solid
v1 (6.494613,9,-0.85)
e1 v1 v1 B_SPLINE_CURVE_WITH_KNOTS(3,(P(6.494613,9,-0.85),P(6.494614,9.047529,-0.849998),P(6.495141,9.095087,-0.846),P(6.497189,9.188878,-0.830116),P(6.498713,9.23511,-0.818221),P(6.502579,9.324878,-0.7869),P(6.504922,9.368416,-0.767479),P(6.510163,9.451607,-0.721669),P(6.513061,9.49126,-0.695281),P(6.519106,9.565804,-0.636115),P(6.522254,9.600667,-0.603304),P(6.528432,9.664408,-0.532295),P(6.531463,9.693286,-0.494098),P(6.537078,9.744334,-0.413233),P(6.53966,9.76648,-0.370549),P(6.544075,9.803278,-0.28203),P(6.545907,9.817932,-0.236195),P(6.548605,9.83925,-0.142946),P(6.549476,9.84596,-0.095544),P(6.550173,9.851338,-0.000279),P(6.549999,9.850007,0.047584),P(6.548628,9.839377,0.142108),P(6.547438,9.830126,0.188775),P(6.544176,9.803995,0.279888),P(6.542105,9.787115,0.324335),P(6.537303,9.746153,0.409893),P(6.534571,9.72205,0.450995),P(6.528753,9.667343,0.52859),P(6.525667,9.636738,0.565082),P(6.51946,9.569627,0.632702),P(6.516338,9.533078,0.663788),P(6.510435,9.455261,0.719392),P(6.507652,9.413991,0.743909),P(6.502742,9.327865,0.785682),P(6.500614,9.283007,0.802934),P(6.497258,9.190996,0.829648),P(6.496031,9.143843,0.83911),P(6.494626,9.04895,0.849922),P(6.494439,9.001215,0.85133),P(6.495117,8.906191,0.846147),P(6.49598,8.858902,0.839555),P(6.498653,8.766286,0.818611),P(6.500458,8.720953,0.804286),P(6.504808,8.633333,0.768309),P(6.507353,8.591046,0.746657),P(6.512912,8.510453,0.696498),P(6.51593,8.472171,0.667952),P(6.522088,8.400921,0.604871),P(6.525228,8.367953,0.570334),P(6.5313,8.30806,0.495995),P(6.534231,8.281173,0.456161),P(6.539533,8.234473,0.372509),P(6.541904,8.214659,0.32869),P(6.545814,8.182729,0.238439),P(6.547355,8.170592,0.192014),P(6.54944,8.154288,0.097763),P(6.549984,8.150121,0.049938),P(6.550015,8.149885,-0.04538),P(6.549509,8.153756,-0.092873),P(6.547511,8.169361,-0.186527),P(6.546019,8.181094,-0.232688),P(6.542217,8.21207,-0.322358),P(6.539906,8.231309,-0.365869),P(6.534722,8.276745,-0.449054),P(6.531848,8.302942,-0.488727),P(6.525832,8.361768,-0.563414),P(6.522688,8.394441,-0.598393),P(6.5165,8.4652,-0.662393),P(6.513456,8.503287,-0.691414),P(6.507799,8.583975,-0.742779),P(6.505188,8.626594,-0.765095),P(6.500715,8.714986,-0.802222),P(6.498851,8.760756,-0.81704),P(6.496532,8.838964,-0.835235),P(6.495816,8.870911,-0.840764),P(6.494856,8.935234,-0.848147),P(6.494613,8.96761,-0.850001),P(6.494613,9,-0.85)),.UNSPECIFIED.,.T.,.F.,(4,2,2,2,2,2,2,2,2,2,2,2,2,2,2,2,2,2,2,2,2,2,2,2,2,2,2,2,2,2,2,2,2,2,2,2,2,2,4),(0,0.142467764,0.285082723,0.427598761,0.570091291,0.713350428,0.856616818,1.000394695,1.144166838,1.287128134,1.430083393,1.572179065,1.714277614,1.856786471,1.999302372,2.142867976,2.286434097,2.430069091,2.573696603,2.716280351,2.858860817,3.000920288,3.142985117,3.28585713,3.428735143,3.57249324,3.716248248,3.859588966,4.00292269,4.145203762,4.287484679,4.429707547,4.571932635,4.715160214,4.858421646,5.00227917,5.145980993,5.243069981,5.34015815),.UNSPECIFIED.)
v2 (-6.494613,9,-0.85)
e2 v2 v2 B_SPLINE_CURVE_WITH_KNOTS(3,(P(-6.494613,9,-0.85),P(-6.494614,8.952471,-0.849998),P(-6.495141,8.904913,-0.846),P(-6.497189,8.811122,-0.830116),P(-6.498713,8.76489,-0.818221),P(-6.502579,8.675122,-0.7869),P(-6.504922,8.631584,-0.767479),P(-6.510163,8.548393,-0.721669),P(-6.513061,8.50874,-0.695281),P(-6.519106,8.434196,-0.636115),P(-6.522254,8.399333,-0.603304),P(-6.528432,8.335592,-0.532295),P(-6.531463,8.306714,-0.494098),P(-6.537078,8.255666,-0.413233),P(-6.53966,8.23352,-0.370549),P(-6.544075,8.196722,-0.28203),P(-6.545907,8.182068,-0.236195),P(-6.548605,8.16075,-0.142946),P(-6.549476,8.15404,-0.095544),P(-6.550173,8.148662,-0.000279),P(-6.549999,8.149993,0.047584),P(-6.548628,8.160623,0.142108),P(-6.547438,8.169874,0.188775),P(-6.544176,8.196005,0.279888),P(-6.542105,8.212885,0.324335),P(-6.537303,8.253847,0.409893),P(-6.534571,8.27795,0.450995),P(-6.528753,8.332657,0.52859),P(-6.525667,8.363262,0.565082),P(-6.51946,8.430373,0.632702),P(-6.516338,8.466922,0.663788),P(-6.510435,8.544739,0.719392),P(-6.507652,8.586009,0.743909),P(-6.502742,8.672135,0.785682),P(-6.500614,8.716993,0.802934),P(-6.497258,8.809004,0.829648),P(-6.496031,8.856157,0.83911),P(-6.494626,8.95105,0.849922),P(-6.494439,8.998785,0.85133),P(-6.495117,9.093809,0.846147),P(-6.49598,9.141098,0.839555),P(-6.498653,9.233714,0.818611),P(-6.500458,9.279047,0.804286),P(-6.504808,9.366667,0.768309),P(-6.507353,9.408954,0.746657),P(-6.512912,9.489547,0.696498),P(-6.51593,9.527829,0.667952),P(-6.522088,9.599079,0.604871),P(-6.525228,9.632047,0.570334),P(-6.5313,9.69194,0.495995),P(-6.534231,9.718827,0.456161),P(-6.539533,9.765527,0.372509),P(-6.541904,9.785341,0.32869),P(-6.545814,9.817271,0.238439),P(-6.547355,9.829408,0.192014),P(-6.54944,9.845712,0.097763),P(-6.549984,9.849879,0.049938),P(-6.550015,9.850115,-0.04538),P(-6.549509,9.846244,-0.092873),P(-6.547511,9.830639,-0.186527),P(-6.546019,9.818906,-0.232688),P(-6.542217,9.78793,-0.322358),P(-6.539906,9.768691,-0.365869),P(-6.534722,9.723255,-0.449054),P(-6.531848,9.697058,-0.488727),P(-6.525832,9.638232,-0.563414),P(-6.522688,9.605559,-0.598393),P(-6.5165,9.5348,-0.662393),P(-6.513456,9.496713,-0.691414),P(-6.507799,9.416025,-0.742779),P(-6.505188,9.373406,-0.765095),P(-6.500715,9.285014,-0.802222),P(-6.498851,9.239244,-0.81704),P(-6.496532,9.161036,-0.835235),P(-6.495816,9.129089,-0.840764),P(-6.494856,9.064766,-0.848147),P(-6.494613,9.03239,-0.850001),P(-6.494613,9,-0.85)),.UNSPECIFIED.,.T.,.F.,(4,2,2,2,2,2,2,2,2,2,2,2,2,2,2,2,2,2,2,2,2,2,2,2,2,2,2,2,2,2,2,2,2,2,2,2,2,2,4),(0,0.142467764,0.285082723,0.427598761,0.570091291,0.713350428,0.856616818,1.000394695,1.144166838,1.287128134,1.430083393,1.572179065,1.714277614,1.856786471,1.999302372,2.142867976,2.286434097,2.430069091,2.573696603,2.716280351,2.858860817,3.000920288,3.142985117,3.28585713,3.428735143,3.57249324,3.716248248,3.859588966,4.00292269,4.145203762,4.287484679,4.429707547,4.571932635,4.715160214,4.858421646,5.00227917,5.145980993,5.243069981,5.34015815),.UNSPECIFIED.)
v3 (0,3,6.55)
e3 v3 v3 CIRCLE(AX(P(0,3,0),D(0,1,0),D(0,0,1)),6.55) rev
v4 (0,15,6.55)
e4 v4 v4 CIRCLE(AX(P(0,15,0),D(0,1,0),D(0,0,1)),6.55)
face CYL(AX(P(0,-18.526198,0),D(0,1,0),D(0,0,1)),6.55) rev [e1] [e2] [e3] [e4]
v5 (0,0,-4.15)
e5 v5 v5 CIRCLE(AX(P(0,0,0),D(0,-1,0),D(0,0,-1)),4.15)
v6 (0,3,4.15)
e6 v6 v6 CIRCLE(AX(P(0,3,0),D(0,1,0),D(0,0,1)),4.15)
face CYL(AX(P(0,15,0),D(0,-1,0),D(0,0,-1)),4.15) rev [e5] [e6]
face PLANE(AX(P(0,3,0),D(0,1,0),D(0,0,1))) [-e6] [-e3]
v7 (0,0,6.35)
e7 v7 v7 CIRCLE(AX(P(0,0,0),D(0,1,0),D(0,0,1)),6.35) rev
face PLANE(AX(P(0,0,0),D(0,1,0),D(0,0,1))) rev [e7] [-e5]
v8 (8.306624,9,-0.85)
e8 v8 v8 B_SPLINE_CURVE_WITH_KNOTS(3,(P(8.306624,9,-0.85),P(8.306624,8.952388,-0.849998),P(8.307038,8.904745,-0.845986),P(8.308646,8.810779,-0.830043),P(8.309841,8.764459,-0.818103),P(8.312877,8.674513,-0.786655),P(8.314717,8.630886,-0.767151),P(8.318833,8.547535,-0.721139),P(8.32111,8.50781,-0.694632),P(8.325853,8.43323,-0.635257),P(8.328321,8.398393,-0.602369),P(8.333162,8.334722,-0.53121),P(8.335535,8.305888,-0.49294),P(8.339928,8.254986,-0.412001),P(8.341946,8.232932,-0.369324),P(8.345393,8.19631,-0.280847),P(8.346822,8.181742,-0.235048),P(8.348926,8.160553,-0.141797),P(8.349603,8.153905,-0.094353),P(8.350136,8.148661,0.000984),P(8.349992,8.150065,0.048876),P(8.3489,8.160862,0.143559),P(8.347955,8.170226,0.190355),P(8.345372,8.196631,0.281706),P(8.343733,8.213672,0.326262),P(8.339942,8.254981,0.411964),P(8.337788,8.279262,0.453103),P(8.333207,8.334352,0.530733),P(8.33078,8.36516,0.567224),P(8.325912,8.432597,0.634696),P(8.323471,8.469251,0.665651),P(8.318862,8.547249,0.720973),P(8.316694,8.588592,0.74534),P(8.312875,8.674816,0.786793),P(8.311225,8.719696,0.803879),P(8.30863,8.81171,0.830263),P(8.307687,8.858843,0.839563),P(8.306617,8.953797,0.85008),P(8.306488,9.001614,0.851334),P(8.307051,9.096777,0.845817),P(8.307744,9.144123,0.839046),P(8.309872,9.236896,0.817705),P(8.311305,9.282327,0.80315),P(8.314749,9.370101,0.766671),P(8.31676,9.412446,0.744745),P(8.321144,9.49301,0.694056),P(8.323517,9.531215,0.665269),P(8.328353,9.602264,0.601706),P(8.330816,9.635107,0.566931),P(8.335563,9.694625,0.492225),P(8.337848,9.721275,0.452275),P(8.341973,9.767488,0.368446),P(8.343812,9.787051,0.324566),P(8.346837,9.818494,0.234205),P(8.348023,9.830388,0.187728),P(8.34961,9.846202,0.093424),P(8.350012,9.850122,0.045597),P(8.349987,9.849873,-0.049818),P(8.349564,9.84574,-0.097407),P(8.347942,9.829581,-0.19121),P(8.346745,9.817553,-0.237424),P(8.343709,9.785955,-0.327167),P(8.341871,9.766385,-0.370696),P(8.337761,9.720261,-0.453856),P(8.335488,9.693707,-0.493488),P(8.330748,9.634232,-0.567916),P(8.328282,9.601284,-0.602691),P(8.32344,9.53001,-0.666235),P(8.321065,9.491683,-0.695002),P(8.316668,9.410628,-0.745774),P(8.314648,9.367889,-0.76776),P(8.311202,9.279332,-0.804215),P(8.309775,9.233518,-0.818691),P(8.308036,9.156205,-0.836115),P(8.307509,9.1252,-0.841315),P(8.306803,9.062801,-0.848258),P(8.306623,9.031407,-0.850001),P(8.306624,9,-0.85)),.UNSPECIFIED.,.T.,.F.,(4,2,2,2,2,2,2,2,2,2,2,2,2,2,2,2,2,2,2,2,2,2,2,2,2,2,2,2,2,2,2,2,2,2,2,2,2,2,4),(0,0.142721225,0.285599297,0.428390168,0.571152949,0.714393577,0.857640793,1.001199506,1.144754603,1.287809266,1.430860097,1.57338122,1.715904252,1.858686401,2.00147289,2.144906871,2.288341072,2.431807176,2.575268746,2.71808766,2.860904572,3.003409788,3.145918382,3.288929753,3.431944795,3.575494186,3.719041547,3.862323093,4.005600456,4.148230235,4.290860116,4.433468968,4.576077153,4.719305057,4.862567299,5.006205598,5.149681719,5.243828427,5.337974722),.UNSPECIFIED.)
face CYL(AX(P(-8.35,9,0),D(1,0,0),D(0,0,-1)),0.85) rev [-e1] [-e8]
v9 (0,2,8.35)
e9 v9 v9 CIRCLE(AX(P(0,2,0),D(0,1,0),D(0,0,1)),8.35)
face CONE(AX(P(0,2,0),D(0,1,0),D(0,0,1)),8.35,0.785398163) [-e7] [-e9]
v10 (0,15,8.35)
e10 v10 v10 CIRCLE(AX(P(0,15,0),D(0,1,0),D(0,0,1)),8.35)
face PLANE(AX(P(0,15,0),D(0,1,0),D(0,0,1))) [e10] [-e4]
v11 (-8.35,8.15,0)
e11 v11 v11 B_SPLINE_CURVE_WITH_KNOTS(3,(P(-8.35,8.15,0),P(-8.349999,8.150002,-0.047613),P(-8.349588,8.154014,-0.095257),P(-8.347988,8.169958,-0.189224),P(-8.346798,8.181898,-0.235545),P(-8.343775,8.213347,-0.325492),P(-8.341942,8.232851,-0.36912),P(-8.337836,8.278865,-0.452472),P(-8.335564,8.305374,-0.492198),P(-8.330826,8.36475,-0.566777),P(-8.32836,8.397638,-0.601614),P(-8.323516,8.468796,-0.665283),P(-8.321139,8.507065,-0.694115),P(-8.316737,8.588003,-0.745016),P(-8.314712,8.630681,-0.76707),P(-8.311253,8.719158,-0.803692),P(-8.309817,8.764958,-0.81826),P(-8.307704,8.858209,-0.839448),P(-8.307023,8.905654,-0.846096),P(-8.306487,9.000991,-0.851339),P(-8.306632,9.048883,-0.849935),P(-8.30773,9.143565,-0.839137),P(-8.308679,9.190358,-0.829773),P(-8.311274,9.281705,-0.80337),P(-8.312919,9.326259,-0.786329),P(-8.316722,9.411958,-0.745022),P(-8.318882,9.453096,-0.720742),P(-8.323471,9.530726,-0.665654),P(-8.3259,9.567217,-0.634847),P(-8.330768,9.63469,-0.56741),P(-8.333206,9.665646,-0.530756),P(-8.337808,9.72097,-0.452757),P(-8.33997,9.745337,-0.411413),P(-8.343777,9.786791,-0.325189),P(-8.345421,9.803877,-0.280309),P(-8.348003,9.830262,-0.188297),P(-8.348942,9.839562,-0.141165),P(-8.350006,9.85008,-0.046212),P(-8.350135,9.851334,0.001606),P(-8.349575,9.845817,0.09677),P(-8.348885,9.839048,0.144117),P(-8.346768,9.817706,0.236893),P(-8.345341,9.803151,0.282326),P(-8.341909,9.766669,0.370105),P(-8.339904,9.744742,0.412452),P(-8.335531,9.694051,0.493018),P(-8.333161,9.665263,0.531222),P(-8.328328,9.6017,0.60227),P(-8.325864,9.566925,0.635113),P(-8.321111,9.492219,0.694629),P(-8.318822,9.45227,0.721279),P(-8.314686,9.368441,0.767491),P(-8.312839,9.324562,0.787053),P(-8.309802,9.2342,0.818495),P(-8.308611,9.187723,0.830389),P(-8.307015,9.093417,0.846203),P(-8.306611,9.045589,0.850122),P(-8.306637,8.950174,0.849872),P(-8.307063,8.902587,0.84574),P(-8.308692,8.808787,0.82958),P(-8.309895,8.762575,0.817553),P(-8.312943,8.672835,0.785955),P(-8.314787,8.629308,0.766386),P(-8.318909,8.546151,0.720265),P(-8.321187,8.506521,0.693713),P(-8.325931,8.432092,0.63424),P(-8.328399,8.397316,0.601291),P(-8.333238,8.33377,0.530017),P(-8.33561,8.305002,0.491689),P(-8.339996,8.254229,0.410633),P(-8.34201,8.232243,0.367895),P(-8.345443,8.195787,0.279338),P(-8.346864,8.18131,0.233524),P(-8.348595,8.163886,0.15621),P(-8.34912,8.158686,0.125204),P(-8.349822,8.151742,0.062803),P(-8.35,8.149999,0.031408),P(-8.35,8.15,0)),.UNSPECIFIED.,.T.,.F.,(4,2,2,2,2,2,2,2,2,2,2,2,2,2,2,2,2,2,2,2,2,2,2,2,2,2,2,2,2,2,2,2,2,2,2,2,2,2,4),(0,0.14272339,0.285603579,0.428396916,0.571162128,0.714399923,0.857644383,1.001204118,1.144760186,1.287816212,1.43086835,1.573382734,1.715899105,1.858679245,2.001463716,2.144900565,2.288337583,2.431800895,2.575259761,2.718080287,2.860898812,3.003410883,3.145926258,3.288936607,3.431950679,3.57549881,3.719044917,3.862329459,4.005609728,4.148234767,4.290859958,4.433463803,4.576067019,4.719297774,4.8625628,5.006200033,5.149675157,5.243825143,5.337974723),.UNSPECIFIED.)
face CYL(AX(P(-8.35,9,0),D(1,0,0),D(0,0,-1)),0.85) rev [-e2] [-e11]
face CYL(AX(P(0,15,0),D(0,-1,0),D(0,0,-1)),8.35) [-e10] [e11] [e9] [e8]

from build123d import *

# Parameters (mm, degrees)
SKETCH1_R               = 8.35
BOSS_EXTRUDE1_DEPTH     = 15
SKETCH2_R               = 6.55
CUT_EXTRUDE1_DEPTH      = 12
SKETCH3_R               = 0.85
CUT_EXTRUDE2_DEPTH      = 9.35
CUT_EXTRUDE2_DEPTH_BACK = 9.35
SKETCH4_R               = 4.15
CUT_EXTRUDE3_DEPTH      = 16.0000001
CHAMFER1_SIZE           = 2


with BuildPart() as part:
    # Sketch1 → Boss-Extrude1 (new body)
    with BuildSketch(Plane(origin=(0, 0, 0), x_dir=(1, 0, 0), z_dir=(0, 1, 0))):
        Circle(SKETCH1_R)
    extrude(amount=BOSS_EXTRUDE1_DEPTH)

    # Sketch2 → Cut-Extrude1 (cut)
    with BuildSketch(Plane(origin=(0, 15, 0), x_dir=(1, 0, 0), z_dir=(0, 1, 0))):
        Circle(SKETCH2_R)
    extrude(amount=-CUT_EXTRUDE1_DEPTH, mode=Mode.SUBTRACT)

    # Sketch3 → Cut-Extrude2 (cut, two sides)
    with BuildSketch(Plane(origin=(0, 0, 0), x_dir=(0, 0, -1), z_dir=(1, 0, 0))) as cut_extrude2_sk:
        with Locations((0, 9)):
            Circle(SKETCH3_R)
    extrude(amount=CUT_EXTRUDE2_DEPTH, mode=Mode.SUBTRACT)
    extrude(cut_extrude2_sk.sketch, amount=-CUT_EXTRUDE2_DEPTH_BACK, mode=Mode.SUBTRACT)

    # Sketch4 → Cut-Extrude3 (cut, through all)
    with BuildSketch(Plane.XZ):
        Circle(SKETCH4_R)
    extrude(amount=-CUT_EXTRUDE3_DEPTH, mode=Mode.SUBTRACT)

    # Chamfer1
    chamfer1_edges = [part.edges().sort_by_distance(p)[0] for p in [
        (-8.35, 0, 0),
    ]]
    chamfer(chamfer1_edges, length=CHAMFER1_SIZE)


solid = part.part
